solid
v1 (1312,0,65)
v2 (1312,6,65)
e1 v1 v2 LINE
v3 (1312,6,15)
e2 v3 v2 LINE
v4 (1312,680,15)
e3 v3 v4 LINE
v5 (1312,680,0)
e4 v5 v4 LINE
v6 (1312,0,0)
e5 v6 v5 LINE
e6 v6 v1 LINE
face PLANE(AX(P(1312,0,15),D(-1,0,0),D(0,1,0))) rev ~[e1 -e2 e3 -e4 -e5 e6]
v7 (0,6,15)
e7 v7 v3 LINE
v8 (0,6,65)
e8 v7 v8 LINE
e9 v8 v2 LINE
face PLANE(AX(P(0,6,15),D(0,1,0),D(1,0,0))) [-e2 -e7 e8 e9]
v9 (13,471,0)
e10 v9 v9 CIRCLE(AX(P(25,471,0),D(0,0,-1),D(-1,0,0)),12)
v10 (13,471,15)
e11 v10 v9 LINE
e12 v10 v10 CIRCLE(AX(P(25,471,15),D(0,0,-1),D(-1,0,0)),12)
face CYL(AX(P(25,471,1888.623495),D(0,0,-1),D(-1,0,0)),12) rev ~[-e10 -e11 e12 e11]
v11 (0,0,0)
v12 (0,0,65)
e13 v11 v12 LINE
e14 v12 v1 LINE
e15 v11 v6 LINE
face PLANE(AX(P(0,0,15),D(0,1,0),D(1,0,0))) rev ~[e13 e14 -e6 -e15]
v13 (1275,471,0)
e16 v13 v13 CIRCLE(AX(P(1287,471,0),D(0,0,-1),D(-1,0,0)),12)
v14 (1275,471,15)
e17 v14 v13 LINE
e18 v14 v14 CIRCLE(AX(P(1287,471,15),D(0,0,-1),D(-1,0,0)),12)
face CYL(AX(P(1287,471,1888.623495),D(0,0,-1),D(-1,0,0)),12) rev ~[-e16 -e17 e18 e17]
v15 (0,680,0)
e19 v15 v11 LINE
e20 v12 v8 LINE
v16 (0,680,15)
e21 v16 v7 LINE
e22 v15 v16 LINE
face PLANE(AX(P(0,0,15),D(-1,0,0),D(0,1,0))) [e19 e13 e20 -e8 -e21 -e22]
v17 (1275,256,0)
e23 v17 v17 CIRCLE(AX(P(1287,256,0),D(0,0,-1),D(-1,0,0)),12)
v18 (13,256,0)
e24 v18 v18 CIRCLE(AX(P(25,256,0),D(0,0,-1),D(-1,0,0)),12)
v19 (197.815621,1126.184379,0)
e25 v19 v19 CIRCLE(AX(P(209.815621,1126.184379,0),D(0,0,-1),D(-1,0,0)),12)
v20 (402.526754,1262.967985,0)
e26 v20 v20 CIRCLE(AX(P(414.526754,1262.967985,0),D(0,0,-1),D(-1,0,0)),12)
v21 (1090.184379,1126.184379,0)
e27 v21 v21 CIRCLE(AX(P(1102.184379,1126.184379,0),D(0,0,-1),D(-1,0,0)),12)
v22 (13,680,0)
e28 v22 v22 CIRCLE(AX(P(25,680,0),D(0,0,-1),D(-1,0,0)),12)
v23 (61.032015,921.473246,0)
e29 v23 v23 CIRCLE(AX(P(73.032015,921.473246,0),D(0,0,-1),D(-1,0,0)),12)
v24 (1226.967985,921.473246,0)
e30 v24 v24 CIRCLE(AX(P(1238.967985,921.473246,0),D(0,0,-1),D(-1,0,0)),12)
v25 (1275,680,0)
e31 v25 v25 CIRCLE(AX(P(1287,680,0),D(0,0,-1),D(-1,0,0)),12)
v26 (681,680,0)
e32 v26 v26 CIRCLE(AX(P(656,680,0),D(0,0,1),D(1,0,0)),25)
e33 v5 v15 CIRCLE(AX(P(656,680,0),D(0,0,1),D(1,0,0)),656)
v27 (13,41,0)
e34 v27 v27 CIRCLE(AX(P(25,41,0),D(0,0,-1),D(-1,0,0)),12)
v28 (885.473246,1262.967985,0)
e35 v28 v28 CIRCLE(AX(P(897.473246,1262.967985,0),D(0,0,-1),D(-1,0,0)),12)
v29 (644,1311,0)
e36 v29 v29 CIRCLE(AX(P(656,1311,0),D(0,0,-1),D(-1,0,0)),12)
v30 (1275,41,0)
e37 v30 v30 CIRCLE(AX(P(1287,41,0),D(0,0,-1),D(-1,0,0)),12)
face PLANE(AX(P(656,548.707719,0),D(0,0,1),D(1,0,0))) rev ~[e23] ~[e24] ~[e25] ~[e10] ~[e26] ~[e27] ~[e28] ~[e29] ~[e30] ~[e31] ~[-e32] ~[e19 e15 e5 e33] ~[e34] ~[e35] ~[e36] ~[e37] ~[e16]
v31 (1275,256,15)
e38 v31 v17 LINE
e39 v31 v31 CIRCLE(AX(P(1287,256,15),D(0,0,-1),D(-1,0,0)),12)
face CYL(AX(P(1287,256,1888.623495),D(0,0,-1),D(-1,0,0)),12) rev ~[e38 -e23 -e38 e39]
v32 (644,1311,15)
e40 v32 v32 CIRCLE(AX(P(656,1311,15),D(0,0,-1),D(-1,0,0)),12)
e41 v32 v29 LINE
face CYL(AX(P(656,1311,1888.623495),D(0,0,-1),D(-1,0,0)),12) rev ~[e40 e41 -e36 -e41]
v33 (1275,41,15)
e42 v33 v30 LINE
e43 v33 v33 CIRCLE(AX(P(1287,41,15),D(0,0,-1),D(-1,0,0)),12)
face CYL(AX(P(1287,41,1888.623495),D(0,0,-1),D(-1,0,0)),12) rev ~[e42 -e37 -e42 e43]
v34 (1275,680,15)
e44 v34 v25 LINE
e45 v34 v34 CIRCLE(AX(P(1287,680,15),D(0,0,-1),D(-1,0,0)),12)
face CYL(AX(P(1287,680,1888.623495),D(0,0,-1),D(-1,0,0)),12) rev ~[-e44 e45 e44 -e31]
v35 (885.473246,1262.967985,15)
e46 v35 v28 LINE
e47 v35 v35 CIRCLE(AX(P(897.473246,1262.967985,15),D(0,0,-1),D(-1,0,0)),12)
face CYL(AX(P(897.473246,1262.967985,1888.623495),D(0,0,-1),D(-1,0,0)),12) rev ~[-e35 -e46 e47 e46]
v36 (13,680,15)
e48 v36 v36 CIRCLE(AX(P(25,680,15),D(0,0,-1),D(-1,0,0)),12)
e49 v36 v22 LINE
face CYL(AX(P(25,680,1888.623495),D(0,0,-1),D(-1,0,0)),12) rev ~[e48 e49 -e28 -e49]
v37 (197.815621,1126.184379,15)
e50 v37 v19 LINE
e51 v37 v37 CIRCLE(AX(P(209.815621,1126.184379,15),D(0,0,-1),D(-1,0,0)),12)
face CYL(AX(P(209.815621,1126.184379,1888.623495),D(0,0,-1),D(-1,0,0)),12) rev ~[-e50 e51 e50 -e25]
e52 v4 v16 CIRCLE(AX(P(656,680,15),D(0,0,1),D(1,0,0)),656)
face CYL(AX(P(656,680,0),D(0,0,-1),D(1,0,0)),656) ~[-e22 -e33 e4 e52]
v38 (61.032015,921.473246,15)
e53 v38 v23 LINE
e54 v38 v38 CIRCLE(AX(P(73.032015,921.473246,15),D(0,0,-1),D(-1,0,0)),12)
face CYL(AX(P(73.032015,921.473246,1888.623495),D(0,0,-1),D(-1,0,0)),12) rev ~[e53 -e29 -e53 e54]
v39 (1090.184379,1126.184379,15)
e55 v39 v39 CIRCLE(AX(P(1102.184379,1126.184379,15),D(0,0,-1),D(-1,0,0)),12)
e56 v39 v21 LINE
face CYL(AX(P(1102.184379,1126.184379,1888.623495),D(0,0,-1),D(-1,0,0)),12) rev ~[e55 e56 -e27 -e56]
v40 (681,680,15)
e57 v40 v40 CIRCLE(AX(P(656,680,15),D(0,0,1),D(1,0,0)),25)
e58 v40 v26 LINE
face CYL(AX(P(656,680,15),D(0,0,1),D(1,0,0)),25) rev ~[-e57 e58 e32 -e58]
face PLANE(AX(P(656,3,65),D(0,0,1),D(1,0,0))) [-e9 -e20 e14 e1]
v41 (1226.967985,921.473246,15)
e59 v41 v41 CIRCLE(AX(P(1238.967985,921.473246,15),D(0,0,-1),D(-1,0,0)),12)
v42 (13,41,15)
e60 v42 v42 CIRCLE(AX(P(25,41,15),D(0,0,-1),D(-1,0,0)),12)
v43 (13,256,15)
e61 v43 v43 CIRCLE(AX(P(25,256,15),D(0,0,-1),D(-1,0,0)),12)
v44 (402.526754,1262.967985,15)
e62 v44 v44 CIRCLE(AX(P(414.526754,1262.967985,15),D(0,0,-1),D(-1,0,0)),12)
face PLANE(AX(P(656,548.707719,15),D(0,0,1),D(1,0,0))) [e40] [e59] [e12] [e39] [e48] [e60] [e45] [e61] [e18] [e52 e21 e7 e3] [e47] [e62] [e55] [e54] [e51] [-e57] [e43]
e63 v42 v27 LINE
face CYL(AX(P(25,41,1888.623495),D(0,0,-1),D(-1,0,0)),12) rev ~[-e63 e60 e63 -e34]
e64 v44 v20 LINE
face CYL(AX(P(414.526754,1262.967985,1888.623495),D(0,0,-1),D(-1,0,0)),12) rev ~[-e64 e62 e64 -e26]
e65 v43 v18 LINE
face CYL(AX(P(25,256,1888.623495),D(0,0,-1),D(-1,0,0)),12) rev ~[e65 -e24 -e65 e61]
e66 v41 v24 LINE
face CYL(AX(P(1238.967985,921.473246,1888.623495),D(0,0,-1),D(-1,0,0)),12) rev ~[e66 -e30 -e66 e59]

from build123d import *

# Parameters (mm, degrees)
BOSS_EXTRUDE1_DEPTH    = 15
BOTTOM_FLANGE_W        = 1312
BOTTOM_FLANGE_H        = 6
BOSS_EXTRUDE2_DEPTH    = 50
F_24_0MM_DOWEL_HOLE1_D = 24
CENTER_HOLE_R          = 25
CUT_EXTRUDE1_DEPTH     = 16


with BuildPart() as part:
    # base plate → Boss-Extrude1 (new body)
    with BuildSketch(Plane.XY):
        with BuildLine():
            Line((0, 0), (1312, 0))
            Line((1312, 0), (1312, 680))
            ThreePointArc((1312, 680), (656, 1336), (0, 680))
            Line((0, 680), (0, 0))
        make_face()
    extrude(amount=BOSS_EXTRUDE1_DEPTH)

    # bottom flange → Boss-Extrude2 (add)
    with BuildSketch(Plane.XY.offset(15)):
        with Locations((656, 3)):
            Rectangle(BOTTOM_FLANGE_W, BOTTOM_FLANGE_H)
    extrude(amount=BOSS_EXTRUDE2_DEPTH)

    # Ø24.0mm Dowel Hole1 (through all)
    with Locations(Plane.XY.offset(15)):
        with Locations((25, 680), (1287, 680), (25, 41), (25, 256), (25, 471), (1287, 41), (1287, 256), (1287, 471), (1238.967985015, 921.473245822), (1102.184378929, 1126.184378929), (897.473245822, 1262.967985015), (656, 1311), (414.526754178, 1262.967985015), (209.815621071, 1126.184378929), (73.032014985, 921.473245822)):
            Hole(F_24_0MM_DOWEL_HOLE1_D / 2)

    # center hole → Cut-Extrude1 (cut, through all)
    with BuildSketch(Plane.XY.offset(15)):
        with Locations((656, 680)):
            Circle(CENTER_HOLE_R)
    extrude(amount=-CUT_EXTRUDE1_DEPTH, mode=Mode.SUBTRACT)


solid = part.part
